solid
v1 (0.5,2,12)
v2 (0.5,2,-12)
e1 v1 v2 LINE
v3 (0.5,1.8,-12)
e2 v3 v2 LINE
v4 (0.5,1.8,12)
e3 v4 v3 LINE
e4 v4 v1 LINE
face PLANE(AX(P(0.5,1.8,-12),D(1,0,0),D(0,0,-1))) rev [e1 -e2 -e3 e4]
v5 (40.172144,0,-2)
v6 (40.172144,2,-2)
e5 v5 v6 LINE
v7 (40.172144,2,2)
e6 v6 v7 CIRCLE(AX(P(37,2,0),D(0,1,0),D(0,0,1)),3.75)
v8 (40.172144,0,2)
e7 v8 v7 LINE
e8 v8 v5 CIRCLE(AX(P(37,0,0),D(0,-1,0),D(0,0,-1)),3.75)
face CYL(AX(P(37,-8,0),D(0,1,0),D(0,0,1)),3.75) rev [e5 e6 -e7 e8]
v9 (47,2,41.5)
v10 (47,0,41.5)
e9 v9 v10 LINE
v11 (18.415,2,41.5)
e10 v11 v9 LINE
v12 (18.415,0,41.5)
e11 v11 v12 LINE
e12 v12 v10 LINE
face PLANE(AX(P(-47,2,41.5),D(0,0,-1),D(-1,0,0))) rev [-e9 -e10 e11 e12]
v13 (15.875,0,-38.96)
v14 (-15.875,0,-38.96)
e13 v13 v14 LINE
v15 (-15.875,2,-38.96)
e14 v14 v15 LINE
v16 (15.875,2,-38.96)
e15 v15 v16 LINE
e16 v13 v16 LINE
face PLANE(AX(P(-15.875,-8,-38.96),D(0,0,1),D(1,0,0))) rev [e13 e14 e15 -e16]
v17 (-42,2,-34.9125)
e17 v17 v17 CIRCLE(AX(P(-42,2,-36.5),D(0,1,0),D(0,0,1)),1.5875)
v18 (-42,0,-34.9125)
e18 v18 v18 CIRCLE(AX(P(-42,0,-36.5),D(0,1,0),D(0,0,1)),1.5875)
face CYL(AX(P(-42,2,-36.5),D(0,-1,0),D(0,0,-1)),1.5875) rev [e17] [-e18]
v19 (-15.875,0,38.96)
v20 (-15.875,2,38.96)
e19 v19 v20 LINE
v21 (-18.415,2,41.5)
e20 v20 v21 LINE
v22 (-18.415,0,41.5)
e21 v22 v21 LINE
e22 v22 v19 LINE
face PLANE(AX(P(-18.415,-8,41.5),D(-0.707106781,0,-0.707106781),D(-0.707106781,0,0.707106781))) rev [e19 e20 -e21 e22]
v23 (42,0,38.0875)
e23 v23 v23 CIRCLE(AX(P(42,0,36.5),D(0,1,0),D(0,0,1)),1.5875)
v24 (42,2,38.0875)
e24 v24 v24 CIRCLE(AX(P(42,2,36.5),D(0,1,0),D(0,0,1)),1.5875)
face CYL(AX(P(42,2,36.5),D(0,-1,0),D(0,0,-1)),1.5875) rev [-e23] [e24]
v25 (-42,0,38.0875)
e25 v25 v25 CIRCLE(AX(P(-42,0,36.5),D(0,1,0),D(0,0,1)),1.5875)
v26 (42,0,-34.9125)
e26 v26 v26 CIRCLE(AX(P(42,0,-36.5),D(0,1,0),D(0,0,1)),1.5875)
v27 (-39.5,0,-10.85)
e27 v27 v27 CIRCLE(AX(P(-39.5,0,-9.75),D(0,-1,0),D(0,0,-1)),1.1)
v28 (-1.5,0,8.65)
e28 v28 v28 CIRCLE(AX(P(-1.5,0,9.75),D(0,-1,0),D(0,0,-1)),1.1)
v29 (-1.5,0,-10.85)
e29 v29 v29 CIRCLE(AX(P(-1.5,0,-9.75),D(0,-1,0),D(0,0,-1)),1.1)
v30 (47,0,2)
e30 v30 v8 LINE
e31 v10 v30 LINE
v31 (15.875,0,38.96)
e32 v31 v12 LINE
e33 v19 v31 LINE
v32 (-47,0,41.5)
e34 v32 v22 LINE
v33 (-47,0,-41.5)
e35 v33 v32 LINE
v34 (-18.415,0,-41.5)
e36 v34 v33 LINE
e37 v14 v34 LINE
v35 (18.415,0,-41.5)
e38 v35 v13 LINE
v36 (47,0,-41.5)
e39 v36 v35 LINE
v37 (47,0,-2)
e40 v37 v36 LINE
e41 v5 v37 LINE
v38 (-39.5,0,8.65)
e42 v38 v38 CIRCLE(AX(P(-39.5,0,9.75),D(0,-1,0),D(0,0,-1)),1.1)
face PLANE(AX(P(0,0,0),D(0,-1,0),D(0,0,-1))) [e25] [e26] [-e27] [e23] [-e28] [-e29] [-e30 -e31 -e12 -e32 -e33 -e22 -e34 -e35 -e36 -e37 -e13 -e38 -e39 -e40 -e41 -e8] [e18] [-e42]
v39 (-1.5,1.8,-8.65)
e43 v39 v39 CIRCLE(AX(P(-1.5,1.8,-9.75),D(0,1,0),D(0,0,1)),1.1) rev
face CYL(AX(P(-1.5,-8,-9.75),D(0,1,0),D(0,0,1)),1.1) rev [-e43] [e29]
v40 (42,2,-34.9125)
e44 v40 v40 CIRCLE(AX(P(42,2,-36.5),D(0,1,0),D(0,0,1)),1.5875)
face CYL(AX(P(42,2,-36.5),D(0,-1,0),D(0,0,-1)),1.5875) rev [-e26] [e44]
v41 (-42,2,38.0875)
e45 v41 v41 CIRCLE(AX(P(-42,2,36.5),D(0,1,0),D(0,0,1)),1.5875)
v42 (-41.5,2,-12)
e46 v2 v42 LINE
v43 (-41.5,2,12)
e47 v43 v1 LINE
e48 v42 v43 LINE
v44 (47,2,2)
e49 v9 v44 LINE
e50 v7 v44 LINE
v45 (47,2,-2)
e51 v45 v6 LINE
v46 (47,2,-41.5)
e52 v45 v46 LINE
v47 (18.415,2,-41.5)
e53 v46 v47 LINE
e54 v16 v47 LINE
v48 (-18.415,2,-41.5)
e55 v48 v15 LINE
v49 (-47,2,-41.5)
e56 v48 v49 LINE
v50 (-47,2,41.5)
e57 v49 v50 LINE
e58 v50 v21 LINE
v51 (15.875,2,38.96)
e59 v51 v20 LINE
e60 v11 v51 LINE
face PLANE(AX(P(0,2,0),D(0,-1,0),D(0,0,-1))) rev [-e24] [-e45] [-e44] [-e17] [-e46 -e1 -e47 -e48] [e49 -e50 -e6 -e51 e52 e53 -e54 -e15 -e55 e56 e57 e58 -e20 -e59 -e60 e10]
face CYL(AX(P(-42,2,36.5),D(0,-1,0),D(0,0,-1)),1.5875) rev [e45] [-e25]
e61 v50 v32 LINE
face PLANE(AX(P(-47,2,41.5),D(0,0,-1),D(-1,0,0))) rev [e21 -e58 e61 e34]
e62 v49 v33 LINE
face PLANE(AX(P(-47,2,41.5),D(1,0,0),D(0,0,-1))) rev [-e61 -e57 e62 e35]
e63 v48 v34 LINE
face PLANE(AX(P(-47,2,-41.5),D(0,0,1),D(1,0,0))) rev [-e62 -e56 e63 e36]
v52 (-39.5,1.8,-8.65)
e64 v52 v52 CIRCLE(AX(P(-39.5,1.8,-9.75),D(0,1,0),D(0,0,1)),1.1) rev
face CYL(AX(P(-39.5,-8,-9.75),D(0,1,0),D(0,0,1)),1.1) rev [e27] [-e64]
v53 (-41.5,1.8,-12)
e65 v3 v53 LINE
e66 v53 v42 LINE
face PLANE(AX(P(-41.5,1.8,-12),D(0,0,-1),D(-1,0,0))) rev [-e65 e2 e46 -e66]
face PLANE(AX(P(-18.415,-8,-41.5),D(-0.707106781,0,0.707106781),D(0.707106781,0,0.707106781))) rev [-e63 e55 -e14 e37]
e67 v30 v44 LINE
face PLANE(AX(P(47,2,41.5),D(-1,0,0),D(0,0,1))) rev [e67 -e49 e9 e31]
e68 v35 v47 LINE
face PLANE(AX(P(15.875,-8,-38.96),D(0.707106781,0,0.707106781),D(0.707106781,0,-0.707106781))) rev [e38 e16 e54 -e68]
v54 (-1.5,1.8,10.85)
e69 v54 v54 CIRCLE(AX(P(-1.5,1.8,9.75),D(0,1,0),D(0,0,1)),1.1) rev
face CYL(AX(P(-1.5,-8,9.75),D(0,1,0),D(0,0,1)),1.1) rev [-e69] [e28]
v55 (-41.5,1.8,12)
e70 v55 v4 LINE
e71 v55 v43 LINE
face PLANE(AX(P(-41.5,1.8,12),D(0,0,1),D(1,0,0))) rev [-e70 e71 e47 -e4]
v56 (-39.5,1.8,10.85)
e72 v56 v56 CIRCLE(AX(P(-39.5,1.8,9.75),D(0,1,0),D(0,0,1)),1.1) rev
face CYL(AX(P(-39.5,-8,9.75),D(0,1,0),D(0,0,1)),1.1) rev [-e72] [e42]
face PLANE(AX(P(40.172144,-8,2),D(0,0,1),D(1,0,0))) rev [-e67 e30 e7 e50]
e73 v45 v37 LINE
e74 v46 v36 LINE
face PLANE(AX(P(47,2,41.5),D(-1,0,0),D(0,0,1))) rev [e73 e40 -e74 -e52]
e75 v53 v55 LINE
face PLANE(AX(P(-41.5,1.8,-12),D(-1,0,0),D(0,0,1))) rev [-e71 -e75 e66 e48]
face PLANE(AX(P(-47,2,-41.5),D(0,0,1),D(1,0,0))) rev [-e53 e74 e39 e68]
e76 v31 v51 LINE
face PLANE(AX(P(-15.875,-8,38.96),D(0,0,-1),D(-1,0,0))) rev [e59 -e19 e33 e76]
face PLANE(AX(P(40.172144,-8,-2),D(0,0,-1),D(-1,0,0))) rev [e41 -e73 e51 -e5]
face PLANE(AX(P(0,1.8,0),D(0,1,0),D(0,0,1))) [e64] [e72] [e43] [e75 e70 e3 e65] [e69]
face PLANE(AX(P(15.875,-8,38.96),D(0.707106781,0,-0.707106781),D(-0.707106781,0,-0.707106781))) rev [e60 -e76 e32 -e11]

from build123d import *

# Parameters (mm, degrees)
SKETCH1_W           = 94
SKETCH1_H           = 83
SKETCH1_R           = 1.5875
BOSS_EXTRUDE1_DEPTH = 2
SKETCH2_R           = 1.1
CUT_EXTRUDE1_DEPTH  = 10
SKETCH3_W           = 42
SKETCH3_H           = 24
CUT_EXTRUDE2_DEPTH  = 0.2


with BuildPart() as part:
    # Sketch1 → Boss-Extrude1 (new body)
    with BuildSketch(Plane(origin=(0, 0, 0), x_dir=(1, 0, 0), z_dir=(0, 1, 0))):
        Rectangle(SKETCH1_W, SKETCH1_H)
        with Locations((-42, 36.5)):
            Circle(SKETCH1_R, mode=Mode.SUBTRACT)
        with Locations((42, 36.5)):
            Circle(SKETCH1_R, mode=Mode.SUBTRACT)
        with Locations((42, -36.5)):
            Circle(SKETCH1_R, mode=Mode.SUBTRACT)
        with Locations((-42, -36.5)):
            Circle(SKETCH1_R, mode=Mode.SUBTRACT)
    extrude(amount=BOSS_EXTRUDE1_DEPTH)

    # Sketch2 → Cut-Extrude1 (cut)
    with BuildSketch(Plane(origin=(0, 2, 0), x_dir=(1, 0, 0), z_dir=(0, 1, 0))):
        with Locations((-39.5, 9.75)):
            Circle(SKETCH2_R)
        with Locations((-1.5, 9.75)):
            Circle(SKETCH2_R)
        with Locations((-1.5, -9.75)):
            Circle(SKETCH2_R)
        with Locations((-39.5, -9.75)):
            Circle(SKETCH2_R)
        with BuildLine():
            Line((40.172144385, 2), (47, 2))
            Line((47, 2), (47, -2))
            Line((47, -2), (40.172144385, -2))
            ThreePointArc((40.172144385, -2), (33.25, 0), (40.172144385, 2))
        make_face()
        Polygon((-18.415, -41.5), (-15.875, -38.96), (15.875, -38.96), (18.415, -41.5), align=None)
        Polygon((-18.415, 41.5), (-15.875, 38.96), (15.875, 38.96), (18.415, 41.5), align=None)
    extrude(amount=-CUT_EXTRUDE1_DEPTH, mode=Mode.SUBTRACT)

    # Sketch3 → Cut-Extrude2 (cut)
    with BuildSketch(Plane(origin=(0, 2, 0), x_dir=(1, 0, 0), z_dir=(0, 1, 0))):
        with Locations((-20.5, 0)):
            Rectangle(SKETCH3_W, SKETCH3_H)
    extrude(amount=-CUT_EXTRUDE2_DEPTH, mode=Mode.SUBTRACT)


solid = part.part
